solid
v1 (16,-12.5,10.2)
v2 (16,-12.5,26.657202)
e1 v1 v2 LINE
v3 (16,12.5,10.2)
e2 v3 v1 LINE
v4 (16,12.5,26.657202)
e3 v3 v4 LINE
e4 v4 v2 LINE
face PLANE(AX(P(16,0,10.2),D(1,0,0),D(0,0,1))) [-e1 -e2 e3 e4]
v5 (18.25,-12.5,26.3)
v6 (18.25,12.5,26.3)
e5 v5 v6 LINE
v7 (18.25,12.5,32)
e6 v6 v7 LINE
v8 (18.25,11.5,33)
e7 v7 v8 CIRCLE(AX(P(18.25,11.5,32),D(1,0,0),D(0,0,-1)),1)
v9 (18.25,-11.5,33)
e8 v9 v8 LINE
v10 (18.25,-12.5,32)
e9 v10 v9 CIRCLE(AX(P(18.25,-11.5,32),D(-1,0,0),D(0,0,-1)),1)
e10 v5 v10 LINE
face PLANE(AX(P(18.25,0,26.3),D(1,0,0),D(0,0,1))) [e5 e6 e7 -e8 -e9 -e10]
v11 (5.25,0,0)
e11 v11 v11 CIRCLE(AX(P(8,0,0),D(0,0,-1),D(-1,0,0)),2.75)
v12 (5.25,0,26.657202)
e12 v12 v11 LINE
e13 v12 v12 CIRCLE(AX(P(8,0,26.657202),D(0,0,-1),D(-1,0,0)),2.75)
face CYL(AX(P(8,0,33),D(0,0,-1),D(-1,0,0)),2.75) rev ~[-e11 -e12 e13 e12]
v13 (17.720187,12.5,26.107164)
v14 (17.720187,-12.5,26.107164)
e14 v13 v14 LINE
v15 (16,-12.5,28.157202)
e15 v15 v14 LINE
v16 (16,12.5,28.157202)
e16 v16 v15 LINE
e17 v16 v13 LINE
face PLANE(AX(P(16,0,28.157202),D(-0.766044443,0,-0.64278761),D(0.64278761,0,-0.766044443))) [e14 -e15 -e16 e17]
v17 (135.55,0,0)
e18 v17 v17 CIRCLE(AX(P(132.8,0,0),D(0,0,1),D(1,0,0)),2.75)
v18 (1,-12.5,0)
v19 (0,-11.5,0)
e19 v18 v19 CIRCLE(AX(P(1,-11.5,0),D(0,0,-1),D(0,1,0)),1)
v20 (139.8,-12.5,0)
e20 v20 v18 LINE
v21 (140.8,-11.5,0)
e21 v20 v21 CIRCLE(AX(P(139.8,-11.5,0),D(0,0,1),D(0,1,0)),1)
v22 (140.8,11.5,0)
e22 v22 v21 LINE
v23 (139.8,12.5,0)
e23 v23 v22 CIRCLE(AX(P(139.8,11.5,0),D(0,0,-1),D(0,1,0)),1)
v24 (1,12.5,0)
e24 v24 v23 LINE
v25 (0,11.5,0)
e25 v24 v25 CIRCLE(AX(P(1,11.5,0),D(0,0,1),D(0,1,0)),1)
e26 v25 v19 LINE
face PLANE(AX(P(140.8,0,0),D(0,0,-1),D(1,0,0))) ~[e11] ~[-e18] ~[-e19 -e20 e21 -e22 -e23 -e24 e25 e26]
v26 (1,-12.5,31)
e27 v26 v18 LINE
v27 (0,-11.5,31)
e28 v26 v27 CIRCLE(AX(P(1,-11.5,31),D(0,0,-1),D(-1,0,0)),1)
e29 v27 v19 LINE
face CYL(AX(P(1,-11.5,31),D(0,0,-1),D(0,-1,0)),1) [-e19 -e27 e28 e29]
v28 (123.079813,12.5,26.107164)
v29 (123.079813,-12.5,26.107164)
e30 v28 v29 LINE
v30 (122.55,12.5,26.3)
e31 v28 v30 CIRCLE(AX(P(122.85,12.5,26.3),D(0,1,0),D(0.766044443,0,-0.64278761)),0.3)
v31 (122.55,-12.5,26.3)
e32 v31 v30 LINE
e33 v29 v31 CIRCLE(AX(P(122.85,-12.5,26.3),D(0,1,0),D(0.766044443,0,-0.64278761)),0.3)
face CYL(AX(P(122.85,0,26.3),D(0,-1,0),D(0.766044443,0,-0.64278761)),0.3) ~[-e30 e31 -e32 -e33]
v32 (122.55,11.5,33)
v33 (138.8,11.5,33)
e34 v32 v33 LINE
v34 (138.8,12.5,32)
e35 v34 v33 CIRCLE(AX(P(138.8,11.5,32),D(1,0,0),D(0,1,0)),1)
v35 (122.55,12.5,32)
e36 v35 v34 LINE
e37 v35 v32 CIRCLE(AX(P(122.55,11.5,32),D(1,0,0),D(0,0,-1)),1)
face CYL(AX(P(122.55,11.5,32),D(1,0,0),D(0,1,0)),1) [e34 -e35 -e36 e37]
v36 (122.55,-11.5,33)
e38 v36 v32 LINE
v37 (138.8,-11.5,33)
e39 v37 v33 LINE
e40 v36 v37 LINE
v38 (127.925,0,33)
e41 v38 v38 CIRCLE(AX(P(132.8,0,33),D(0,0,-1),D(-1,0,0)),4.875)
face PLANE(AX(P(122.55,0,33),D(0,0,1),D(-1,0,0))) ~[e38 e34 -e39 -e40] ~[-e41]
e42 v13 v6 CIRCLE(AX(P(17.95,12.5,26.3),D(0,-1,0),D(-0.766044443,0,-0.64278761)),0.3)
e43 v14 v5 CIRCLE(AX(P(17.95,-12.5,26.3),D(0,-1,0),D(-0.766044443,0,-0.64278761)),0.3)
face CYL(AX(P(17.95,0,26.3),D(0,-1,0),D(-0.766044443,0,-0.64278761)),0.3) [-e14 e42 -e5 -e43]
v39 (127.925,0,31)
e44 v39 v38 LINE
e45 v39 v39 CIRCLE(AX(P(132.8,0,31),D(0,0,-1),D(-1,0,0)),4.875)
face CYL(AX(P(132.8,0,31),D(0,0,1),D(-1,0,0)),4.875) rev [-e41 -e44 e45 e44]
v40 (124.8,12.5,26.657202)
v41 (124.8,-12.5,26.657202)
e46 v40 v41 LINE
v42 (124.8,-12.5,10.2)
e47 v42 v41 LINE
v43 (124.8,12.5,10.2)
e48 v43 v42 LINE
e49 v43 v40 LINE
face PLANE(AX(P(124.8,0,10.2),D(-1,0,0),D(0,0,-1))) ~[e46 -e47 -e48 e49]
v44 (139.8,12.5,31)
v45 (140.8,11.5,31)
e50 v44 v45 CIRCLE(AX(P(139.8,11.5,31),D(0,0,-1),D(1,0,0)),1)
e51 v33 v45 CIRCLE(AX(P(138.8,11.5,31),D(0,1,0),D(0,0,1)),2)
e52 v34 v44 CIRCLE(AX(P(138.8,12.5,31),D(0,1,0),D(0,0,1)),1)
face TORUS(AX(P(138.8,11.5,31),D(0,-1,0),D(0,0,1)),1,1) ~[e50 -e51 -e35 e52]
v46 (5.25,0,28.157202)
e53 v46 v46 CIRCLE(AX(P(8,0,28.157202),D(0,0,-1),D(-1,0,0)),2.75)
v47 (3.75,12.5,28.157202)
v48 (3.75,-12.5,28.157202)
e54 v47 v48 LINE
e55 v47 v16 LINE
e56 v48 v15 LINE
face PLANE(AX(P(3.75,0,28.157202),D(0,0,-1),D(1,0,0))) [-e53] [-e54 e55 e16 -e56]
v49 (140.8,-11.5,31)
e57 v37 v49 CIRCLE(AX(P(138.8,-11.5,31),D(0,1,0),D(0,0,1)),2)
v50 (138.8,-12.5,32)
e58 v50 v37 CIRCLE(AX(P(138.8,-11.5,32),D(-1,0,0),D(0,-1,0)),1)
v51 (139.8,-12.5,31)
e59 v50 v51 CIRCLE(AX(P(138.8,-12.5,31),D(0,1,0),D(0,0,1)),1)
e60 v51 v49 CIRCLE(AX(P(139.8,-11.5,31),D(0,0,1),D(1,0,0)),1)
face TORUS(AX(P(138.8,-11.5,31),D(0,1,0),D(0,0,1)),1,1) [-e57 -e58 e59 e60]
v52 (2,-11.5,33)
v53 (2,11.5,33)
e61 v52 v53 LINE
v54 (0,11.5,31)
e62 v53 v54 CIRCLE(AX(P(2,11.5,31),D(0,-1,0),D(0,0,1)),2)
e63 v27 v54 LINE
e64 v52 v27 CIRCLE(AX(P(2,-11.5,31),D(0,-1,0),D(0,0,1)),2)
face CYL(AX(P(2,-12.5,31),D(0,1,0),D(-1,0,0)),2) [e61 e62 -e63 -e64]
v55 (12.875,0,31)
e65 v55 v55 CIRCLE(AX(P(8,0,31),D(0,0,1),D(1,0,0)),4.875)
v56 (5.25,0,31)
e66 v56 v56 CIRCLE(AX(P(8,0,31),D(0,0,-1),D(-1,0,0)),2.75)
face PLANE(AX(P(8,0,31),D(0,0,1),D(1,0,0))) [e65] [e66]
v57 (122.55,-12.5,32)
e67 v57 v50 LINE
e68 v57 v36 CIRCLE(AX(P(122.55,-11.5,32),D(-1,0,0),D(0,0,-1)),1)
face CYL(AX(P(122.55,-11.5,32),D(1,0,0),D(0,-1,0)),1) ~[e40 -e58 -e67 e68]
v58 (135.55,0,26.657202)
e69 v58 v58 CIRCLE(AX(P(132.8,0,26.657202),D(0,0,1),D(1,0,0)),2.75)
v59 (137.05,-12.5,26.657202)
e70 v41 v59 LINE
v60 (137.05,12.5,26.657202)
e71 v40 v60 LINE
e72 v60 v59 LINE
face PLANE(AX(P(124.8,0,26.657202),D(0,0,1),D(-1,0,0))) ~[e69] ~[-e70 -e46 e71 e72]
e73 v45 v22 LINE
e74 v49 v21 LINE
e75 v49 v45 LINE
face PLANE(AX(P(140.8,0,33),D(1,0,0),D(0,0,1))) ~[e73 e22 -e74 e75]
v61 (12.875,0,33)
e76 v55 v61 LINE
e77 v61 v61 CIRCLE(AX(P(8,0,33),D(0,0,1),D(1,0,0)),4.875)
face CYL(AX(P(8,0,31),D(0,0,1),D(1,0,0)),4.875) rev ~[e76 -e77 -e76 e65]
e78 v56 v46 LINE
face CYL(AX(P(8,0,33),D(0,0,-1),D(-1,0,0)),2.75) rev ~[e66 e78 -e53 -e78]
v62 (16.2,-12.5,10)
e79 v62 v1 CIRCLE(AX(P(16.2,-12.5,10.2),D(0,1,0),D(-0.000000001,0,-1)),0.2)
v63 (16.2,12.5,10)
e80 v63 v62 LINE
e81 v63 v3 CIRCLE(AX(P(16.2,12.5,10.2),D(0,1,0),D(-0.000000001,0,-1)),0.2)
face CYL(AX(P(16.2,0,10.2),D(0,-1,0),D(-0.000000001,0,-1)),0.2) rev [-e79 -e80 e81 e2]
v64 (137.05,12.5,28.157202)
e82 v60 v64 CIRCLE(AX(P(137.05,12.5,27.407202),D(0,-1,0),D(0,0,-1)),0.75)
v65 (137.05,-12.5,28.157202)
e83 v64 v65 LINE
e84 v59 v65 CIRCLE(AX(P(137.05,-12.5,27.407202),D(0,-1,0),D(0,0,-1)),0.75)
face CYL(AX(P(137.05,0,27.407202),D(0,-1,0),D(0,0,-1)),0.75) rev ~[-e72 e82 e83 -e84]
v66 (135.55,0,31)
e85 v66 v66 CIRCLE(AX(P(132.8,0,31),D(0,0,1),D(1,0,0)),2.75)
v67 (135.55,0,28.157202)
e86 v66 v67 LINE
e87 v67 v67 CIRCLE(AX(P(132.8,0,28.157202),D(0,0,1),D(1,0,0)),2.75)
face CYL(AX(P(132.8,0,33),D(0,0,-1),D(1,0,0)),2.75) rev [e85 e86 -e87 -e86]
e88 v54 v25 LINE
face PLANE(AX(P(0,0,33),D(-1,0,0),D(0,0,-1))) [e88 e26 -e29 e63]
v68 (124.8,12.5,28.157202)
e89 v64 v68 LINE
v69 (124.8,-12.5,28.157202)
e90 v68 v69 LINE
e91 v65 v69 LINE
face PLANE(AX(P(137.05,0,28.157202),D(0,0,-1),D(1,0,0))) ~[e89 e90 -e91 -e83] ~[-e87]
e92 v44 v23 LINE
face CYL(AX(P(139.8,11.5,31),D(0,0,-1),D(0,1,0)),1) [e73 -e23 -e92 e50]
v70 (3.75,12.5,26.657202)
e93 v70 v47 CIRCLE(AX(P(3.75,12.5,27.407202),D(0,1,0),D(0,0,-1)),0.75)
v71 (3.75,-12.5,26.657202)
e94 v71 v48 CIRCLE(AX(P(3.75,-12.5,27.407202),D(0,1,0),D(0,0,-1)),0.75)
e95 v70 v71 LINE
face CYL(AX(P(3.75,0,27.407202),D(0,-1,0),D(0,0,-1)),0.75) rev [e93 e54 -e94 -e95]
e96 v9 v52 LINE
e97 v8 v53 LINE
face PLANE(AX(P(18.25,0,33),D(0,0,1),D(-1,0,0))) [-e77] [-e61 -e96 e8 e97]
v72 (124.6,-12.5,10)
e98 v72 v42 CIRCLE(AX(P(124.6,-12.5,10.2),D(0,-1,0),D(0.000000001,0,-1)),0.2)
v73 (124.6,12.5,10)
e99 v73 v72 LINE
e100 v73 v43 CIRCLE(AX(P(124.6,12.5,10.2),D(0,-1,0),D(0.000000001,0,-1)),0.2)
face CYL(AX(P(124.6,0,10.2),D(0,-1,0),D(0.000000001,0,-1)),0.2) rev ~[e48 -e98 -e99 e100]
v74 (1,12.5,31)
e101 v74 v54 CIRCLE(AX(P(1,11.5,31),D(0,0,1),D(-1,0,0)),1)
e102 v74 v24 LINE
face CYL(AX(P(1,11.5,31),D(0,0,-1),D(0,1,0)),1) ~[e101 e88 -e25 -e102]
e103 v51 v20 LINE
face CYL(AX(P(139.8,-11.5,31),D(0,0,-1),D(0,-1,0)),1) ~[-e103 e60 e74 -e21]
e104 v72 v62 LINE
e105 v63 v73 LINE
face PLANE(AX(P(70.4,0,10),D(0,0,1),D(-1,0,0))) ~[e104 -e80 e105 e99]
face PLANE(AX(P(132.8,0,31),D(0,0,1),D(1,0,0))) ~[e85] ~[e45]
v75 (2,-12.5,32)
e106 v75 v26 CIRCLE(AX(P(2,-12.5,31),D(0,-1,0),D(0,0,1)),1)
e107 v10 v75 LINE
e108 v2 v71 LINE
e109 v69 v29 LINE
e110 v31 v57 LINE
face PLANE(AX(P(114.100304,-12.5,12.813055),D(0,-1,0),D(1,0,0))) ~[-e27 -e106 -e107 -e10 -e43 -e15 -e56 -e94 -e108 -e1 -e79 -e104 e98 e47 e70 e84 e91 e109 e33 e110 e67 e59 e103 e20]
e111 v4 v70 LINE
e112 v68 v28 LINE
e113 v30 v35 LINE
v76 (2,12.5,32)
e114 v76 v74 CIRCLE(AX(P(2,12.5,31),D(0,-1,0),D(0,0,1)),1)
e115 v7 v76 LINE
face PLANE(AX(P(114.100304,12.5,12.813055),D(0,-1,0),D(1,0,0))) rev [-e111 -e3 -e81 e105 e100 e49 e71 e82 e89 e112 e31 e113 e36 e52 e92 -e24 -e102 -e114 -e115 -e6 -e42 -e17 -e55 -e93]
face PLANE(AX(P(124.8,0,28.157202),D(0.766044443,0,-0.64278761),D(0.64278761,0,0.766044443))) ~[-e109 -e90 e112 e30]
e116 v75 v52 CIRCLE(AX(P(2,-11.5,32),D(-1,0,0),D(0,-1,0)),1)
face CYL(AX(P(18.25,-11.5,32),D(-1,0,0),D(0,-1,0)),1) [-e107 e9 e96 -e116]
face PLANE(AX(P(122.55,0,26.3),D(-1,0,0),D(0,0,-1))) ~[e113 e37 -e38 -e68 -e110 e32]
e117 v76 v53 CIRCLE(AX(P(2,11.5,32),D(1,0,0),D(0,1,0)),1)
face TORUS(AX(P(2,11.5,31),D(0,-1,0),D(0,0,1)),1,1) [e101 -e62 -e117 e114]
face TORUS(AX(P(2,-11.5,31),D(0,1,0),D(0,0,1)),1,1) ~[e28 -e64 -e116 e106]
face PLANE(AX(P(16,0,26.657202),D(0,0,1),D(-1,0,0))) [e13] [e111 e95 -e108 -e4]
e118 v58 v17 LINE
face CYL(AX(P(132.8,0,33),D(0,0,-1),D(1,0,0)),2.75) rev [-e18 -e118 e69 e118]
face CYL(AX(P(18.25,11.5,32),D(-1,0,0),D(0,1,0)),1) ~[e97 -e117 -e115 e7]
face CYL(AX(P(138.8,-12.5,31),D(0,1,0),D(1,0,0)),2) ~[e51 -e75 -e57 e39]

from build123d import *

# Parameters (mm, degrees)
F1_DEPTH       = 12.5
F4_D           = 5.5
F4_CBORE_D     = 9.75
F4_CBORE_DEPTH = 2
F5_R           = 2
F6_R           = 1


with BuildPart() as f1:
    # F0 (on Front) → F1 (new body, symmetric)
    with BuildSketch(Plane.XZ):
        with BuildLine():
            Line((0, 33), (0, 0))
            Line((0, 0), (70.4, 0))
            Line((70.4, 0), (70.4, 10))
            Line((70.4, 10), (16.2, 10))
            ThreePointArc((16.2, 10), (16.0585786438, 10.0585786438), (16, 10.2))
            Line((16, 10.2), (16, 26.6572023575))
            Line((16, 26.6572023575), (3.75, 26.6572023575))
            ThreePointArc((3.75, 26.6572023575), (3, 27.4072023575), (3.75, 28.1572023575))
            Line((3.75, 28.1572023575), (16, 28.1572023575))
            Line((16, 28.1572023575), (17.7201866671, 26.1071637171))
            ThreePointArc((17.7201866671, 26.1071637171), (18.052606043, 26.0180922138), (18.25, 26.3))
            Line((18.25, 26.3), (18.25, 33))
            Line((18.25, 33), (0, 33))
        make_face()
    extrude(amount=F1_DEPTH, both=True)

    # F4 (through all)
    with Locations(Plane.XY.offset(33)):
        with Locations((8, 0)):
            CounterBoreHole(F4_D / 2, F4_CBORE_D / 2, F4_CBORE_DEPTH)

    # F5
    f5_edges = [f1.edges().sort_by_distance(p)[0] for p in [
        (0, 0, 33),
    ]]
    fillet(f5_edges, radius=F5_R)

    # F6
    f6_edges = [f1.edges().sort_by_distance(p)[0] for p in [
        (10.125, -12.5, 33),
        (0.585786, -12.5, 32.414214),
        (0, -12.5, 15.5),
        (10.125, 12.5, 33),
        (0.585786, 12.5, 32.414214),
        (0, 12.5, 15.5),
    ]]
    fillet(f6_edges, radius=F6_R)

    # F7: F1 across plane


with BuildPart() as f1_1:
    add(f1.part)
    add(f1.part.mirror(Plane(origin=(70.4, 0, 5), x_dir=(0, 1, 0), z_dir=(1, 0, 0))))


solid = f1_1.part
